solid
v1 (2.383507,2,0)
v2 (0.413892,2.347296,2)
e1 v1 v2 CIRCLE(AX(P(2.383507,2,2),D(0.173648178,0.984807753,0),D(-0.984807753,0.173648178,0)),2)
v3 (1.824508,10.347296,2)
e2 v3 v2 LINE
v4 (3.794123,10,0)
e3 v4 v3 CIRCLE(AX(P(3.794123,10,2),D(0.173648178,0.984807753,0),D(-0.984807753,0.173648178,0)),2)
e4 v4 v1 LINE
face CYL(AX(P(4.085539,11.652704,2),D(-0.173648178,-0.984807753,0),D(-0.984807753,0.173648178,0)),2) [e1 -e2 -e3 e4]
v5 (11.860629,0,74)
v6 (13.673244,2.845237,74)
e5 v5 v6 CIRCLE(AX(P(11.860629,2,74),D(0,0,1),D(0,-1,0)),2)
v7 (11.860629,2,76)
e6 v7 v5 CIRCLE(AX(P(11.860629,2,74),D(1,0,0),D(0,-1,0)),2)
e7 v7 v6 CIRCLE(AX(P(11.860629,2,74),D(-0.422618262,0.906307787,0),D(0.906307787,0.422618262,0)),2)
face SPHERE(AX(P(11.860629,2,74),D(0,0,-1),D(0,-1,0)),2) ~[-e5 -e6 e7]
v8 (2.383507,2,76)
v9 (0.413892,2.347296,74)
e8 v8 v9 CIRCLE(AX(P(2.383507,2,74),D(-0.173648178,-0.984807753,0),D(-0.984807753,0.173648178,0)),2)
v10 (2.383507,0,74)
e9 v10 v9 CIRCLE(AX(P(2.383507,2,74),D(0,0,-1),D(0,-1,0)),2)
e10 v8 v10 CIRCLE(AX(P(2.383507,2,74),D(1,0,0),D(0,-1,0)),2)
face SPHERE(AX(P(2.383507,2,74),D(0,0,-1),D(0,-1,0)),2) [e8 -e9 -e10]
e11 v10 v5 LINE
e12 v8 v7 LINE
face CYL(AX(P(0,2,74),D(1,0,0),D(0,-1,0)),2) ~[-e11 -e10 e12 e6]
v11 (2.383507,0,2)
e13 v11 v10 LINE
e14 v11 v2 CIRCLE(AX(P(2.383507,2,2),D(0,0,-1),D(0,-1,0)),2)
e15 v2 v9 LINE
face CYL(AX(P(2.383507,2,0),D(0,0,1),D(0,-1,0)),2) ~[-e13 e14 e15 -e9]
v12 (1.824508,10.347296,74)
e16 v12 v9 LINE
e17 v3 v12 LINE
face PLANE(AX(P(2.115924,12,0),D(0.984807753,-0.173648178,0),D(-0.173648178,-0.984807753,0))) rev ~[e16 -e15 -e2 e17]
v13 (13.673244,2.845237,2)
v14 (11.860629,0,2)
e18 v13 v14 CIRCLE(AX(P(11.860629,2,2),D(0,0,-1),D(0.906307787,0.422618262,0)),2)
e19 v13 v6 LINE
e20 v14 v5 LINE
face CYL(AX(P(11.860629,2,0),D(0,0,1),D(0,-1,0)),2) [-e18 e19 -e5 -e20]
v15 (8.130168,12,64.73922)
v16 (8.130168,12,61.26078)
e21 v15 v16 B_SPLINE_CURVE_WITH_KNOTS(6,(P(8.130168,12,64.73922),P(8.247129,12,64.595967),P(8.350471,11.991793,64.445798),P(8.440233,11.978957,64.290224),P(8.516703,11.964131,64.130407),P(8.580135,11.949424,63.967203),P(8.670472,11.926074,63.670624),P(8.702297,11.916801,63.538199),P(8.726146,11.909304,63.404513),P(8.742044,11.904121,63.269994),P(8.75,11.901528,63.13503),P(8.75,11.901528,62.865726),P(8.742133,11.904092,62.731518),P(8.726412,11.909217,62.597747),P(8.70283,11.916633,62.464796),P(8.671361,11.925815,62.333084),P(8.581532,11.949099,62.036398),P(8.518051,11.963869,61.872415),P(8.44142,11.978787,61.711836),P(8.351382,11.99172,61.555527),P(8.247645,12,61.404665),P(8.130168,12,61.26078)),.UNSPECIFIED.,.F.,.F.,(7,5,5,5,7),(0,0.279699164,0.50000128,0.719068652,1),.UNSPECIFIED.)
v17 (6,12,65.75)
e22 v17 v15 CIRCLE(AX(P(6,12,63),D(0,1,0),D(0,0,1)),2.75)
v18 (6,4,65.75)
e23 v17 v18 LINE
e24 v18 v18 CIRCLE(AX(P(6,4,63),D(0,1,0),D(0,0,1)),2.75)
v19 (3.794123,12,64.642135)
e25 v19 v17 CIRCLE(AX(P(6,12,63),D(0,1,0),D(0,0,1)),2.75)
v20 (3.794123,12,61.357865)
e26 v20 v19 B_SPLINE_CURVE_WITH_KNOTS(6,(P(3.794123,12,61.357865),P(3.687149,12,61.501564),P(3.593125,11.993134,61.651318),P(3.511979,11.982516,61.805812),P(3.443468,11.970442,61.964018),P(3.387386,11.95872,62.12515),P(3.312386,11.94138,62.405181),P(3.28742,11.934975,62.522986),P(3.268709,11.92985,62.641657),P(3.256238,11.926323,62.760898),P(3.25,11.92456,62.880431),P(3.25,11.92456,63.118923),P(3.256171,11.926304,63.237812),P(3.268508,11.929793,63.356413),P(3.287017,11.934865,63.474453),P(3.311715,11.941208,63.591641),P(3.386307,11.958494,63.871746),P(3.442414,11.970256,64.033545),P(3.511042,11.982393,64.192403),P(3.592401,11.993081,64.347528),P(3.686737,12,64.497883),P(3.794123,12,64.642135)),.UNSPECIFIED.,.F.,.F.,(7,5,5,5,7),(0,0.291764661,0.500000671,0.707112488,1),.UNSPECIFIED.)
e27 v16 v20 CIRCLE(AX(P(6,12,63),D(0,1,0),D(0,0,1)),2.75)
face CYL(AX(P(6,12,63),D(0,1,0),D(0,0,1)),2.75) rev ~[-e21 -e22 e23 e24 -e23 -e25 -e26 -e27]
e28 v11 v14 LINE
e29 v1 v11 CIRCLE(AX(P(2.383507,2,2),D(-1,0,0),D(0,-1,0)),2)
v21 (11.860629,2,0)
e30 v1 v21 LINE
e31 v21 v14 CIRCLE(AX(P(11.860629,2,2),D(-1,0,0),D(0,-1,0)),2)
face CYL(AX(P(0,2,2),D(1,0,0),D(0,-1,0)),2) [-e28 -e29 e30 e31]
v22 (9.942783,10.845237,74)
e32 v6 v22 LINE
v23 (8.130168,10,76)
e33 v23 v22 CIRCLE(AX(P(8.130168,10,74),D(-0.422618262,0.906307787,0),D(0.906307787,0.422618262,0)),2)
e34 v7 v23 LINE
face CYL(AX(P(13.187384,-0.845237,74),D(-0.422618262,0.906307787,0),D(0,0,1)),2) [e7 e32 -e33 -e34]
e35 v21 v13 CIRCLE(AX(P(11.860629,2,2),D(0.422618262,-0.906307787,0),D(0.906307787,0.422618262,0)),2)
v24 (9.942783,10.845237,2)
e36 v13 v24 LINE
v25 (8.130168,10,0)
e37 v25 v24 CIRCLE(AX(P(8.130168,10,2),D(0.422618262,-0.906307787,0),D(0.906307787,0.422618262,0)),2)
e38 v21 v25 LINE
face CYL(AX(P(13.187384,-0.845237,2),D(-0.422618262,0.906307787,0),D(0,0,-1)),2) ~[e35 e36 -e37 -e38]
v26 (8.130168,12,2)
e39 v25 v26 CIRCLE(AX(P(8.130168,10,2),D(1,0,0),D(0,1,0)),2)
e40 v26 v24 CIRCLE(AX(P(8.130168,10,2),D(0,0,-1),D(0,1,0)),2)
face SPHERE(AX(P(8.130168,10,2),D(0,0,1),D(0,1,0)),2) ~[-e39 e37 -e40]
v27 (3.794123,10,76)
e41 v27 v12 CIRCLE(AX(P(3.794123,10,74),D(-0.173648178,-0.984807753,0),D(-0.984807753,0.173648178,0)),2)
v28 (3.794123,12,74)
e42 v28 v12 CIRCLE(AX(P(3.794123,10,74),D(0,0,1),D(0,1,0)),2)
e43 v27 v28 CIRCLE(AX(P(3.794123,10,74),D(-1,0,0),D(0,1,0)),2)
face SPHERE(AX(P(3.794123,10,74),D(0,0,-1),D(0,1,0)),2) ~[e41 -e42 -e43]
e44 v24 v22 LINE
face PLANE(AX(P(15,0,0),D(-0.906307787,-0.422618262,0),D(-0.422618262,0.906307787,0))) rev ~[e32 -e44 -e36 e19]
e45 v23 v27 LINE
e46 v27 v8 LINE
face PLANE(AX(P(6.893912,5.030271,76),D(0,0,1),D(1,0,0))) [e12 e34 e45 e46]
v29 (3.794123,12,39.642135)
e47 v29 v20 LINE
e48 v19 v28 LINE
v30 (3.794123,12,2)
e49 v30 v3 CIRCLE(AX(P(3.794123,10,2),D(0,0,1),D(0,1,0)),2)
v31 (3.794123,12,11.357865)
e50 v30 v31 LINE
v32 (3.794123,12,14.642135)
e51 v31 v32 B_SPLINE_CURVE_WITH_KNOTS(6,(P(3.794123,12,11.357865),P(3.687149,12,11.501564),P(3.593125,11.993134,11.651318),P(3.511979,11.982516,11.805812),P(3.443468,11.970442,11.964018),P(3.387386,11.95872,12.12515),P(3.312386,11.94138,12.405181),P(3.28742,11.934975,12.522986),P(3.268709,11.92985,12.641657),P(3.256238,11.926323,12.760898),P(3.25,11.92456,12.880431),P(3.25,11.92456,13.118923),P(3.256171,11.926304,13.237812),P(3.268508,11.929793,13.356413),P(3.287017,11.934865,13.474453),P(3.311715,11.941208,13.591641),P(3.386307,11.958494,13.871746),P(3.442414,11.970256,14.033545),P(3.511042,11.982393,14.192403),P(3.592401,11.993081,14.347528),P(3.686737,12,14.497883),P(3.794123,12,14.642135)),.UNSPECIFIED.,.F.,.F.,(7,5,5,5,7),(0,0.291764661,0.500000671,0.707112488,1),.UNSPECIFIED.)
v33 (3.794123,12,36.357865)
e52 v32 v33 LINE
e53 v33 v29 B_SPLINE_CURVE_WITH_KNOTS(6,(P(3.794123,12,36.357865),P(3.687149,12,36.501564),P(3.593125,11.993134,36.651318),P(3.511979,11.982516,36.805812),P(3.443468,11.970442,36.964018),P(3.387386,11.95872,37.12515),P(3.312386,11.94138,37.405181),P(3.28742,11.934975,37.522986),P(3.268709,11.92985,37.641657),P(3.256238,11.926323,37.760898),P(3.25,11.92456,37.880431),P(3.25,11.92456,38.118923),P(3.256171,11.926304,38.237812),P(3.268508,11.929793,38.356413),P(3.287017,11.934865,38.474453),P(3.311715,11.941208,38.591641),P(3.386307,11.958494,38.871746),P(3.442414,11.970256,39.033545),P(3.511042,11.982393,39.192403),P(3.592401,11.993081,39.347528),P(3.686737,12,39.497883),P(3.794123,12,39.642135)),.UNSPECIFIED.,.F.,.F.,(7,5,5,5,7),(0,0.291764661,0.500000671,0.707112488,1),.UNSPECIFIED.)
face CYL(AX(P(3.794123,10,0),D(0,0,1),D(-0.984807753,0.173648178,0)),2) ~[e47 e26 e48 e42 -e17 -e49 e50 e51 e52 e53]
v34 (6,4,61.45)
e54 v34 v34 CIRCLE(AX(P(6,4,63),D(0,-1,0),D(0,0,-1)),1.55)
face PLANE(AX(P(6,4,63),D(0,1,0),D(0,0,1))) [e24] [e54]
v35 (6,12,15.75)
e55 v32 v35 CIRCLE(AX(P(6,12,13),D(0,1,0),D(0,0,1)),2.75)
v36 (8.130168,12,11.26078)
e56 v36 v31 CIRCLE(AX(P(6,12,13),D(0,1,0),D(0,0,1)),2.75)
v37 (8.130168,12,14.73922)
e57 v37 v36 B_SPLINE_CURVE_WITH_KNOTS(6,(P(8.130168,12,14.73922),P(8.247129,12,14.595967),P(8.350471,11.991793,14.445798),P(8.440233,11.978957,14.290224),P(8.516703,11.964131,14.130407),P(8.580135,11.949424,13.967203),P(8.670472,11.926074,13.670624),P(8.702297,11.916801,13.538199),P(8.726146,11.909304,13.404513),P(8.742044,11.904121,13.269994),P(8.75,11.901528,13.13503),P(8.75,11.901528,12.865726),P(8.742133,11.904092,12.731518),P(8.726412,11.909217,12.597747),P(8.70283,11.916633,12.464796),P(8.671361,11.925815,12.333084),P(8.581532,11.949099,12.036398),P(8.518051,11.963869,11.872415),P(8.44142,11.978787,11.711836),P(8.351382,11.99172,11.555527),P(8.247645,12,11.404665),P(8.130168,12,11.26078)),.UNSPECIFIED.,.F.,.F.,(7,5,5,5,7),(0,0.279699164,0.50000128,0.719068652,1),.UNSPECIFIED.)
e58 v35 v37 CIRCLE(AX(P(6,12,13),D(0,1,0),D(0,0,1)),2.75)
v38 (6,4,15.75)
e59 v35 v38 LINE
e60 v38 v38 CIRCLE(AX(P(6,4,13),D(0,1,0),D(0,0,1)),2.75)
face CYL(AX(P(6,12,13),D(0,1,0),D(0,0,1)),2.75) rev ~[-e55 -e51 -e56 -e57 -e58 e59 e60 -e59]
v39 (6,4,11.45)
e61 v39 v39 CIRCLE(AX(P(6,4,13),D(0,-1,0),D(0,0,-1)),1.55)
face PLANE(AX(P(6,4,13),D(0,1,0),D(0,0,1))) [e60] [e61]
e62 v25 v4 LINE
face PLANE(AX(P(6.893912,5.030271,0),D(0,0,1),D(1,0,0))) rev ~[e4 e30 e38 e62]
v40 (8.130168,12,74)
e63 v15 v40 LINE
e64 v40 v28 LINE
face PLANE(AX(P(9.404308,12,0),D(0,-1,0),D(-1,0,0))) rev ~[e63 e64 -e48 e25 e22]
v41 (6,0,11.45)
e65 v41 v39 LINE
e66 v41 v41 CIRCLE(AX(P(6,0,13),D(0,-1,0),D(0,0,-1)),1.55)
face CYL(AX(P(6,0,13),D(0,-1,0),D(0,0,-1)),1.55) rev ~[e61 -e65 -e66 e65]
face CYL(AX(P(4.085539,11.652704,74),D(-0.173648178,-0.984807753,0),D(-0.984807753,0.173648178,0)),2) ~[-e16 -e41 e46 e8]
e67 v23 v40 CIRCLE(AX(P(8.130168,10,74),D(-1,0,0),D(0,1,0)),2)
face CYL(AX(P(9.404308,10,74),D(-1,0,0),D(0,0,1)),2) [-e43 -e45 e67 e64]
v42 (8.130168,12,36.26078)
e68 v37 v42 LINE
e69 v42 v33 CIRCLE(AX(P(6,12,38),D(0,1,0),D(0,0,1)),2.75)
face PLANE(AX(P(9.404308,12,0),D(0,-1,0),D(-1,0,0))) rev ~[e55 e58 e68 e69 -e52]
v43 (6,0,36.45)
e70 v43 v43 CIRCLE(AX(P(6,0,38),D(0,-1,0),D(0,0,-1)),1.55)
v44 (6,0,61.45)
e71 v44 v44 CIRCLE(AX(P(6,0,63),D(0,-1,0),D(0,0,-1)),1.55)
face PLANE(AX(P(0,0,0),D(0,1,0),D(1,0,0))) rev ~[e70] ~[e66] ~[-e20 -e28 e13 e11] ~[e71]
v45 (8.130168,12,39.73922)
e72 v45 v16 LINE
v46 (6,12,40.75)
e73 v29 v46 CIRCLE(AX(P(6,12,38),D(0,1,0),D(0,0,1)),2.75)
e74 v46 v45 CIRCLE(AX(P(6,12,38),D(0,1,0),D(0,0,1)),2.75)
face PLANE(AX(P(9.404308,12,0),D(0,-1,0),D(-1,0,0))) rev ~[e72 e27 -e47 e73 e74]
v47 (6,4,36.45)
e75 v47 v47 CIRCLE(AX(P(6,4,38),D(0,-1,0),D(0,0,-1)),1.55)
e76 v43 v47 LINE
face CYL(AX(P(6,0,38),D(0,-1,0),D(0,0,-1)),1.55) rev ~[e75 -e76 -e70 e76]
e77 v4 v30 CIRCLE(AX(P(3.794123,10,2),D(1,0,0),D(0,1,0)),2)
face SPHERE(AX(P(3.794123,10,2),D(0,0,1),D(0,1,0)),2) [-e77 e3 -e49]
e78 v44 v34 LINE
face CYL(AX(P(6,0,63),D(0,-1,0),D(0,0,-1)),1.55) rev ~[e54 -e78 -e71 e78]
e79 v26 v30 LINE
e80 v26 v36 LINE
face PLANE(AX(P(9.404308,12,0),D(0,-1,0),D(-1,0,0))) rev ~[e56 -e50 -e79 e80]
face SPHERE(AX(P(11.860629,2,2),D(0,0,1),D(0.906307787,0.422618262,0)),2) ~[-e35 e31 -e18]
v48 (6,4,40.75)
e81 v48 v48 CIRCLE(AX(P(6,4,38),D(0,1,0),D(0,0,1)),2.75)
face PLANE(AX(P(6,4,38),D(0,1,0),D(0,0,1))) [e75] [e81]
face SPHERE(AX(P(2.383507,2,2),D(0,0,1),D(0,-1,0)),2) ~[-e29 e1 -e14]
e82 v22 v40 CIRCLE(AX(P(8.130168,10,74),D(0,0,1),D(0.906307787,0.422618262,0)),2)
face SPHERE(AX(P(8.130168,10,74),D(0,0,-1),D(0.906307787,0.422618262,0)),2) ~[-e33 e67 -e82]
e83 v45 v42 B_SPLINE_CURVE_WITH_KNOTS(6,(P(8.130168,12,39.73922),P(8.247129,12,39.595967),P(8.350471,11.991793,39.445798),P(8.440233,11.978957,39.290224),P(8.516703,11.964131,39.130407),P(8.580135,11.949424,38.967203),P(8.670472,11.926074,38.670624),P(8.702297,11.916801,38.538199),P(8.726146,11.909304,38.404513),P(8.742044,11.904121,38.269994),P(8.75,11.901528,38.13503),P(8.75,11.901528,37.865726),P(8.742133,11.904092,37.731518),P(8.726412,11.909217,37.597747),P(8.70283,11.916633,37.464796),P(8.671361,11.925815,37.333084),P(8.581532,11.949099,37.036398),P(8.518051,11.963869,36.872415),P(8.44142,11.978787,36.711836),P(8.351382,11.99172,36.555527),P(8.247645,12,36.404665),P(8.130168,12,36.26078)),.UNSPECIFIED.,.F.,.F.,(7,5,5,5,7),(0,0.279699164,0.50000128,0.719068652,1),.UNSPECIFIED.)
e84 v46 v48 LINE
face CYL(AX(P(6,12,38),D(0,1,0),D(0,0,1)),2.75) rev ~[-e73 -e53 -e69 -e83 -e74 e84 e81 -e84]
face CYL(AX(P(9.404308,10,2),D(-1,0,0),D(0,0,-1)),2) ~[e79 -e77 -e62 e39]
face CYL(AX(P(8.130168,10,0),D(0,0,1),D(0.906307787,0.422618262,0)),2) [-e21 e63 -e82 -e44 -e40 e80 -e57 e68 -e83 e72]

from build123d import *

# Parameters (mm, degrees)
EXTRUDE_1_DEPTH     = 76
SKETCH_2_R          = 1.55
CUT_EXTRUDE_1_DEPTH = 79.390050389
FILLET_1_R          = 2
SKETCH_3_R          = 2.75
CUT_EXTRUDE_2_DEPTH = 8


with BuildPart() as part:
    # 草图1 → 凸台-拉伸1 (new body)
    with BuildSketch(Plane.XY):
        Polygon((0, 0), (15, 0), (9.404308102, 12), (2.115923769, 12), align=None)
    extrude(amount=EXTRUDE_1_DEPTH)

    # 草图2 → 切除-拉伸1 (cut, through all)
    with BuildSketch(Plane.XZ):
        with Locations(Location((6, 63, 0), (0, 0, 270))):
            Circle(SKETCH_2_R)
        with Locations(Location((6, 13, 0), (0, 0, 270))):
            Circle(SKETCH_2_R)
        with Locations(Location((6, 38, 0), (0, 0, 270))):
            Circle(SKETCH_2_R)
    extrude(amount=-CUT_EXTRUDE_1_DEPTH, mode=Mode.SUBTRACT)

    # 圆角1
    fillet_1_edges = [part.edges().sort_by_distance(p)[0] for p in [
        (12.202154051, 6, 76),
        (5.760115935, 12, 76),
        (1.057961884, 6, 76),
        (5.760115935, 12, 0),
        (12.202154051, 6, 0),
        (7.5, 0, 0),
        (1.057961884, 6, 0),
        (2.115923769, 12, 38),
        (9.404308102, 12, 38),
        (15, 0, 38),
        (0, 0, 38),
        (7.5, 0, 76),
    ]]
    fillet(fillet_1_edges, radius=FILLET_1_R)

    # 草图3 → 切除-拉伸2 (cut)
    with BuildSketch(Plane(origin=(0, 12, 0), x_dir=(1, 0, 0), z_dir=(0, 1, 0))):
        with Locations(Location((6, -13, 0), (0, 0, 270))):
            Circle(SKETCH_3_R)
        with Locations(Location((6, -38, 0), (0, 0, 270))):
            Circle(SKETCH_3_R)
        with Locations(Location((6, -63, 0), (0, 0, 270))):
            Circle(SKETCH_3_R)
    extrude(amount=-CUT_EXTRUDE_2_DEPTH, mode=Mode.SUBTRACT)


solid = part.part
